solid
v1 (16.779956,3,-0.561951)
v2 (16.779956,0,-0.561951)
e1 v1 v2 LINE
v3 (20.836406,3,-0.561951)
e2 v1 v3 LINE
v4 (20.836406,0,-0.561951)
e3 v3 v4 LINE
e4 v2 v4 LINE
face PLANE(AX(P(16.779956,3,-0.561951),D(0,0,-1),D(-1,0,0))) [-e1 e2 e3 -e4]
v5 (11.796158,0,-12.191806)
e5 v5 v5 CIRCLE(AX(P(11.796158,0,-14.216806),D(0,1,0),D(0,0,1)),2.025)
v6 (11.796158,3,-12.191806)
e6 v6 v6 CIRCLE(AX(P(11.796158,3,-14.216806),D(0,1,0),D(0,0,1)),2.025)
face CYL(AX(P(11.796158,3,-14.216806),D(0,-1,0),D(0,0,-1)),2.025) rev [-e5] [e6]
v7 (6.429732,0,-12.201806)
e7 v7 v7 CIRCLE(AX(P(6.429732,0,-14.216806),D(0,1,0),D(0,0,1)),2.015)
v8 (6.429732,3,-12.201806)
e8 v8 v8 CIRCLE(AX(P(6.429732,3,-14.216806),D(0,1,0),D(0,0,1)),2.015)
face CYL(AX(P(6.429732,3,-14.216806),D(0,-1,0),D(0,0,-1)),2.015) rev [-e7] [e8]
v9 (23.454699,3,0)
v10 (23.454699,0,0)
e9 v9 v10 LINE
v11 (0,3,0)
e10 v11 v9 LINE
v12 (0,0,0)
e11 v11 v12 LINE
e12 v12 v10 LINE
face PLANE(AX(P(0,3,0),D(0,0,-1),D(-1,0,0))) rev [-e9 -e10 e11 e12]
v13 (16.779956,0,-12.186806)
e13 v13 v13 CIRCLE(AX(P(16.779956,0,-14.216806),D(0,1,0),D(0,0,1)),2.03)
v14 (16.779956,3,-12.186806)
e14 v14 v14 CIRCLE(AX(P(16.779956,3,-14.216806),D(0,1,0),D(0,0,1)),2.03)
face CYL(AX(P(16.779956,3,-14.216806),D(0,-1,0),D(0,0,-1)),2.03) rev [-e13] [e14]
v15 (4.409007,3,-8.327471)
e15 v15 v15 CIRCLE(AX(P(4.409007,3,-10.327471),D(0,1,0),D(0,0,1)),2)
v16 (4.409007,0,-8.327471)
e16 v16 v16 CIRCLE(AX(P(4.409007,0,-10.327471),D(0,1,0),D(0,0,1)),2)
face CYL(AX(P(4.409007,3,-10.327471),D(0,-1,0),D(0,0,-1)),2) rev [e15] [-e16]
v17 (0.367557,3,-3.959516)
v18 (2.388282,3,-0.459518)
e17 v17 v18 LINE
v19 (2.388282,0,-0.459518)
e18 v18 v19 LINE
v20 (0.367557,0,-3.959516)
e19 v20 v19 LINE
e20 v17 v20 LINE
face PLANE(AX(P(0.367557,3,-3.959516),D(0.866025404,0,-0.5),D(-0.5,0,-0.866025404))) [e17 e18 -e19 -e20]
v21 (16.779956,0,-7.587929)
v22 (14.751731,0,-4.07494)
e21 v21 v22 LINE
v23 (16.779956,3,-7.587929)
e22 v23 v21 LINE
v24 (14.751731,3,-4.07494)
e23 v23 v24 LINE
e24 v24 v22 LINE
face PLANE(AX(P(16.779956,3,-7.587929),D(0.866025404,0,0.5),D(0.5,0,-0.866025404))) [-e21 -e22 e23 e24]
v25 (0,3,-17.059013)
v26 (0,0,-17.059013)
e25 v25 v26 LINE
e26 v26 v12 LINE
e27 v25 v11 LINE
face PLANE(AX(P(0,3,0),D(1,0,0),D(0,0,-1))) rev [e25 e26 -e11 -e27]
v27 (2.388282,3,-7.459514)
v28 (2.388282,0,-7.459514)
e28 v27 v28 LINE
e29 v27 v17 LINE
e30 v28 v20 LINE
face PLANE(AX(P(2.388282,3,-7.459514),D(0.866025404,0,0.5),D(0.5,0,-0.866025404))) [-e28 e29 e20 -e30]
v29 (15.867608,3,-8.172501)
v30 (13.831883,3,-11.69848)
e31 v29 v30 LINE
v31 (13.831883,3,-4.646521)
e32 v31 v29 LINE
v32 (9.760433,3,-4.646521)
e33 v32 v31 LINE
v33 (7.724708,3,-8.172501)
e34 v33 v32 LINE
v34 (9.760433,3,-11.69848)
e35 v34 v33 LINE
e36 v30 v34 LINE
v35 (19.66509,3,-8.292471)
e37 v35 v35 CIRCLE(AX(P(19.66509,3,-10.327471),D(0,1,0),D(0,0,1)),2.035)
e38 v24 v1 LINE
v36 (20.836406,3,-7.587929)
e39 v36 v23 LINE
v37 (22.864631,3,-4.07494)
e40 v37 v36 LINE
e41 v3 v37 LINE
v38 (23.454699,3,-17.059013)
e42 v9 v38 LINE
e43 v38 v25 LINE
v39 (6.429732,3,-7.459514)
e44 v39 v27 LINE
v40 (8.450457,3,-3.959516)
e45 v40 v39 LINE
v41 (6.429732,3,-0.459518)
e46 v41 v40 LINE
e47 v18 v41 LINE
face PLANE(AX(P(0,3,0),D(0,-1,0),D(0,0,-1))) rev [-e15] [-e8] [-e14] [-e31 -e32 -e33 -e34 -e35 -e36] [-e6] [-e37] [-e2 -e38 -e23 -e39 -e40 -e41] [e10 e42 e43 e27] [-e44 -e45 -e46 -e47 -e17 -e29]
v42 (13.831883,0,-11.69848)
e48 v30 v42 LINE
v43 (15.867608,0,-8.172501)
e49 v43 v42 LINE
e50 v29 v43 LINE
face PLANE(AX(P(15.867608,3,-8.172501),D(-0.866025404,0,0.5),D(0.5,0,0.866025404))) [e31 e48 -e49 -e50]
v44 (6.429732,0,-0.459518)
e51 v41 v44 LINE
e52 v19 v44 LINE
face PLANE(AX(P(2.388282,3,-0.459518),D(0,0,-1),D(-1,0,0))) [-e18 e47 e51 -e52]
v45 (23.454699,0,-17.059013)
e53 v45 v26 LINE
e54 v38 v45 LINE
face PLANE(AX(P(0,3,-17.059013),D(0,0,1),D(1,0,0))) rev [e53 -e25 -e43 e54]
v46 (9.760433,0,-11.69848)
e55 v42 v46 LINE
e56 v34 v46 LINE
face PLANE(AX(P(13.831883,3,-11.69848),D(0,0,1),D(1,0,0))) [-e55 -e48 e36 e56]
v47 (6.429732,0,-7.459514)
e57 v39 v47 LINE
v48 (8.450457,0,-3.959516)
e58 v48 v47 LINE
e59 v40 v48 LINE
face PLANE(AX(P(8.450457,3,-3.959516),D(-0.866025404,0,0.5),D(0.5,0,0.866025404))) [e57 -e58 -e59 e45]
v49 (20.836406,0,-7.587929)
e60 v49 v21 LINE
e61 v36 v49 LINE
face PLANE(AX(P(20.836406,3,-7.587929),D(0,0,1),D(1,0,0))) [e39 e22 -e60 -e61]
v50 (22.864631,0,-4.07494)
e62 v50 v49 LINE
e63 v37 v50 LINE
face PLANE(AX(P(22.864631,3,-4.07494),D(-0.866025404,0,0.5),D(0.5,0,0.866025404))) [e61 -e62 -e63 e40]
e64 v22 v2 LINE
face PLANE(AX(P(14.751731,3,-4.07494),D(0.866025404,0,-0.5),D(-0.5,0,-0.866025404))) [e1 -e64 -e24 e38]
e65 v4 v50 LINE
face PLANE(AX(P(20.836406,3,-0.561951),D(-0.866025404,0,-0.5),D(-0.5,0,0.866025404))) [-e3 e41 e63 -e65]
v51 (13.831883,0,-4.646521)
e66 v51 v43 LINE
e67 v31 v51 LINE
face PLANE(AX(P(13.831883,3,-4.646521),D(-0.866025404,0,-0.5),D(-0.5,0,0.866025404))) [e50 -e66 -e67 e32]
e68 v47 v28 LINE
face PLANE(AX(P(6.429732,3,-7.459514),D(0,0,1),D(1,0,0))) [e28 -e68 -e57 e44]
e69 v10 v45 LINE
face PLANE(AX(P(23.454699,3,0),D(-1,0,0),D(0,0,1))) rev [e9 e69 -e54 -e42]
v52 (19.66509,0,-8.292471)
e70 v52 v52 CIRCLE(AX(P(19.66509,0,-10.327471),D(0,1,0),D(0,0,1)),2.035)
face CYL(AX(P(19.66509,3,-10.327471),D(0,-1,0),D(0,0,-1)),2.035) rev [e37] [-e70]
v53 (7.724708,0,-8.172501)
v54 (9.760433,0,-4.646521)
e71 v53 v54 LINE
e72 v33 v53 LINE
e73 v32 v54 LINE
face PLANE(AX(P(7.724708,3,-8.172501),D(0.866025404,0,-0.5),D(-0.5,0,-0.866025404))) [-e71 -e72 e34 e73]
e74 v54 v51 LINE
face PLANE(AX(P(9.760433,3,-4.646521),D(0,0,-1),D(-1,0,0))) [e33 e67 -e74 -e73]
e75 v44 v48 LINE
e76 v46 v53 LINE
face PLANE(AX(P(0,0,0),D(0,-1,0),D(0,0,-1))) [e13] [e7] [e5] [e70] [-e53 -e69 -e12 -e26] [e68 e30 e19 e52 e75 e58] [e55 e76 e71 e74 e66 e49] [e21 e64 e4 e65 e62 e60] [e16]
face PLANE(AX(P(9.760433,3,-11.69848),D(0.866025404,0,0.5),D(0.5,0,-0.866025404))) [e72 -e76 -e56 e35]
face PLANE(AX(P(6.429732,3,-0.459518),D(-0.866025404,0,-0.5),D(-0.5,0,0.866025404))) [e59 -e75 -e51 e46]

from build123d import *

# Parameters (mm, degrees)
SKETCH1_W           = 23.454698607
SKETCH1_H           = 17.05901257
SKETCH1_R           = 2
SKETCH1_R_2         = 2.015
SKETCH1_R_3         = 2.03
SKETCH1_R_4         = 2.025
SKETCH1_R_5         = 2.035
BOSS_EXTRUDE1_DEPTH = 3


with BuildPart() as part:
    # Sketch1 → Boss-Extrude1 (new body)
    with BuildSketch(Plane(origin=(0, 0, 0), x_dir=(1, 0, 0), z_dir=(0, 1, 0))):
        with Locations((11.727349304, 8.529506285)):
            Rectangle(SKETCH1_W, SKETCH1_H)
        with Locations((4.409007026, 10.327471093)):
            Circle(SKETCH1_R, mode=Mode.SUBTRACT)
        with Locations((6.429732026, 14.216806169)):
            Circle(SKETCH1_R_2, mode=Mode.SUBTRACT)
        with Locations((16.77995554, 14.216806169)):
            Circle(SKETCH1_R_3, mode=Mode.SUBTRACT)
        with Locations((11.796158167, 14.216806169)):
            Circle(SKETCH1_R_4, mode=Mode.SUBTRACT)
        with Locations((19.665090072, 10.327471093)):
            Circle(SKETCH1_R_5, mode=Mode.SUBTRACT)
        Polygon((6.429732026, 7.459514329), (2.388282026, 7.459514329), (0.367557026, 3.959515961), (2.388282026, 0.459517593), (6.429732026, 0.459517593), (8.450457026, 3.959515961), align=None, mode=Mode.SUBTRACT)
        Polygon((13.831883167, 11.698479726), (9.760433167, 11.698479726), (7.724708167, 8.172500596), (9.760433167, 4.646521466), (13.831883167, 4.646521466), (15.867608167, 8.172500596), align=None, mode=Mode.SUBTRACT)
        Polygon((20.83640554, 7.587928947), (16.77995554, 7.587928947), (14.75173054, 4.074940198), (16.77995554, 0.561951448), (20.83640554, 0.561951448), (22.86463054, 4.074940198), align=None, mode=Mode.SUBTRACT)
    extrude(amount=BOSS_EXTRUDE1_DEPTH)


solid = part.part
